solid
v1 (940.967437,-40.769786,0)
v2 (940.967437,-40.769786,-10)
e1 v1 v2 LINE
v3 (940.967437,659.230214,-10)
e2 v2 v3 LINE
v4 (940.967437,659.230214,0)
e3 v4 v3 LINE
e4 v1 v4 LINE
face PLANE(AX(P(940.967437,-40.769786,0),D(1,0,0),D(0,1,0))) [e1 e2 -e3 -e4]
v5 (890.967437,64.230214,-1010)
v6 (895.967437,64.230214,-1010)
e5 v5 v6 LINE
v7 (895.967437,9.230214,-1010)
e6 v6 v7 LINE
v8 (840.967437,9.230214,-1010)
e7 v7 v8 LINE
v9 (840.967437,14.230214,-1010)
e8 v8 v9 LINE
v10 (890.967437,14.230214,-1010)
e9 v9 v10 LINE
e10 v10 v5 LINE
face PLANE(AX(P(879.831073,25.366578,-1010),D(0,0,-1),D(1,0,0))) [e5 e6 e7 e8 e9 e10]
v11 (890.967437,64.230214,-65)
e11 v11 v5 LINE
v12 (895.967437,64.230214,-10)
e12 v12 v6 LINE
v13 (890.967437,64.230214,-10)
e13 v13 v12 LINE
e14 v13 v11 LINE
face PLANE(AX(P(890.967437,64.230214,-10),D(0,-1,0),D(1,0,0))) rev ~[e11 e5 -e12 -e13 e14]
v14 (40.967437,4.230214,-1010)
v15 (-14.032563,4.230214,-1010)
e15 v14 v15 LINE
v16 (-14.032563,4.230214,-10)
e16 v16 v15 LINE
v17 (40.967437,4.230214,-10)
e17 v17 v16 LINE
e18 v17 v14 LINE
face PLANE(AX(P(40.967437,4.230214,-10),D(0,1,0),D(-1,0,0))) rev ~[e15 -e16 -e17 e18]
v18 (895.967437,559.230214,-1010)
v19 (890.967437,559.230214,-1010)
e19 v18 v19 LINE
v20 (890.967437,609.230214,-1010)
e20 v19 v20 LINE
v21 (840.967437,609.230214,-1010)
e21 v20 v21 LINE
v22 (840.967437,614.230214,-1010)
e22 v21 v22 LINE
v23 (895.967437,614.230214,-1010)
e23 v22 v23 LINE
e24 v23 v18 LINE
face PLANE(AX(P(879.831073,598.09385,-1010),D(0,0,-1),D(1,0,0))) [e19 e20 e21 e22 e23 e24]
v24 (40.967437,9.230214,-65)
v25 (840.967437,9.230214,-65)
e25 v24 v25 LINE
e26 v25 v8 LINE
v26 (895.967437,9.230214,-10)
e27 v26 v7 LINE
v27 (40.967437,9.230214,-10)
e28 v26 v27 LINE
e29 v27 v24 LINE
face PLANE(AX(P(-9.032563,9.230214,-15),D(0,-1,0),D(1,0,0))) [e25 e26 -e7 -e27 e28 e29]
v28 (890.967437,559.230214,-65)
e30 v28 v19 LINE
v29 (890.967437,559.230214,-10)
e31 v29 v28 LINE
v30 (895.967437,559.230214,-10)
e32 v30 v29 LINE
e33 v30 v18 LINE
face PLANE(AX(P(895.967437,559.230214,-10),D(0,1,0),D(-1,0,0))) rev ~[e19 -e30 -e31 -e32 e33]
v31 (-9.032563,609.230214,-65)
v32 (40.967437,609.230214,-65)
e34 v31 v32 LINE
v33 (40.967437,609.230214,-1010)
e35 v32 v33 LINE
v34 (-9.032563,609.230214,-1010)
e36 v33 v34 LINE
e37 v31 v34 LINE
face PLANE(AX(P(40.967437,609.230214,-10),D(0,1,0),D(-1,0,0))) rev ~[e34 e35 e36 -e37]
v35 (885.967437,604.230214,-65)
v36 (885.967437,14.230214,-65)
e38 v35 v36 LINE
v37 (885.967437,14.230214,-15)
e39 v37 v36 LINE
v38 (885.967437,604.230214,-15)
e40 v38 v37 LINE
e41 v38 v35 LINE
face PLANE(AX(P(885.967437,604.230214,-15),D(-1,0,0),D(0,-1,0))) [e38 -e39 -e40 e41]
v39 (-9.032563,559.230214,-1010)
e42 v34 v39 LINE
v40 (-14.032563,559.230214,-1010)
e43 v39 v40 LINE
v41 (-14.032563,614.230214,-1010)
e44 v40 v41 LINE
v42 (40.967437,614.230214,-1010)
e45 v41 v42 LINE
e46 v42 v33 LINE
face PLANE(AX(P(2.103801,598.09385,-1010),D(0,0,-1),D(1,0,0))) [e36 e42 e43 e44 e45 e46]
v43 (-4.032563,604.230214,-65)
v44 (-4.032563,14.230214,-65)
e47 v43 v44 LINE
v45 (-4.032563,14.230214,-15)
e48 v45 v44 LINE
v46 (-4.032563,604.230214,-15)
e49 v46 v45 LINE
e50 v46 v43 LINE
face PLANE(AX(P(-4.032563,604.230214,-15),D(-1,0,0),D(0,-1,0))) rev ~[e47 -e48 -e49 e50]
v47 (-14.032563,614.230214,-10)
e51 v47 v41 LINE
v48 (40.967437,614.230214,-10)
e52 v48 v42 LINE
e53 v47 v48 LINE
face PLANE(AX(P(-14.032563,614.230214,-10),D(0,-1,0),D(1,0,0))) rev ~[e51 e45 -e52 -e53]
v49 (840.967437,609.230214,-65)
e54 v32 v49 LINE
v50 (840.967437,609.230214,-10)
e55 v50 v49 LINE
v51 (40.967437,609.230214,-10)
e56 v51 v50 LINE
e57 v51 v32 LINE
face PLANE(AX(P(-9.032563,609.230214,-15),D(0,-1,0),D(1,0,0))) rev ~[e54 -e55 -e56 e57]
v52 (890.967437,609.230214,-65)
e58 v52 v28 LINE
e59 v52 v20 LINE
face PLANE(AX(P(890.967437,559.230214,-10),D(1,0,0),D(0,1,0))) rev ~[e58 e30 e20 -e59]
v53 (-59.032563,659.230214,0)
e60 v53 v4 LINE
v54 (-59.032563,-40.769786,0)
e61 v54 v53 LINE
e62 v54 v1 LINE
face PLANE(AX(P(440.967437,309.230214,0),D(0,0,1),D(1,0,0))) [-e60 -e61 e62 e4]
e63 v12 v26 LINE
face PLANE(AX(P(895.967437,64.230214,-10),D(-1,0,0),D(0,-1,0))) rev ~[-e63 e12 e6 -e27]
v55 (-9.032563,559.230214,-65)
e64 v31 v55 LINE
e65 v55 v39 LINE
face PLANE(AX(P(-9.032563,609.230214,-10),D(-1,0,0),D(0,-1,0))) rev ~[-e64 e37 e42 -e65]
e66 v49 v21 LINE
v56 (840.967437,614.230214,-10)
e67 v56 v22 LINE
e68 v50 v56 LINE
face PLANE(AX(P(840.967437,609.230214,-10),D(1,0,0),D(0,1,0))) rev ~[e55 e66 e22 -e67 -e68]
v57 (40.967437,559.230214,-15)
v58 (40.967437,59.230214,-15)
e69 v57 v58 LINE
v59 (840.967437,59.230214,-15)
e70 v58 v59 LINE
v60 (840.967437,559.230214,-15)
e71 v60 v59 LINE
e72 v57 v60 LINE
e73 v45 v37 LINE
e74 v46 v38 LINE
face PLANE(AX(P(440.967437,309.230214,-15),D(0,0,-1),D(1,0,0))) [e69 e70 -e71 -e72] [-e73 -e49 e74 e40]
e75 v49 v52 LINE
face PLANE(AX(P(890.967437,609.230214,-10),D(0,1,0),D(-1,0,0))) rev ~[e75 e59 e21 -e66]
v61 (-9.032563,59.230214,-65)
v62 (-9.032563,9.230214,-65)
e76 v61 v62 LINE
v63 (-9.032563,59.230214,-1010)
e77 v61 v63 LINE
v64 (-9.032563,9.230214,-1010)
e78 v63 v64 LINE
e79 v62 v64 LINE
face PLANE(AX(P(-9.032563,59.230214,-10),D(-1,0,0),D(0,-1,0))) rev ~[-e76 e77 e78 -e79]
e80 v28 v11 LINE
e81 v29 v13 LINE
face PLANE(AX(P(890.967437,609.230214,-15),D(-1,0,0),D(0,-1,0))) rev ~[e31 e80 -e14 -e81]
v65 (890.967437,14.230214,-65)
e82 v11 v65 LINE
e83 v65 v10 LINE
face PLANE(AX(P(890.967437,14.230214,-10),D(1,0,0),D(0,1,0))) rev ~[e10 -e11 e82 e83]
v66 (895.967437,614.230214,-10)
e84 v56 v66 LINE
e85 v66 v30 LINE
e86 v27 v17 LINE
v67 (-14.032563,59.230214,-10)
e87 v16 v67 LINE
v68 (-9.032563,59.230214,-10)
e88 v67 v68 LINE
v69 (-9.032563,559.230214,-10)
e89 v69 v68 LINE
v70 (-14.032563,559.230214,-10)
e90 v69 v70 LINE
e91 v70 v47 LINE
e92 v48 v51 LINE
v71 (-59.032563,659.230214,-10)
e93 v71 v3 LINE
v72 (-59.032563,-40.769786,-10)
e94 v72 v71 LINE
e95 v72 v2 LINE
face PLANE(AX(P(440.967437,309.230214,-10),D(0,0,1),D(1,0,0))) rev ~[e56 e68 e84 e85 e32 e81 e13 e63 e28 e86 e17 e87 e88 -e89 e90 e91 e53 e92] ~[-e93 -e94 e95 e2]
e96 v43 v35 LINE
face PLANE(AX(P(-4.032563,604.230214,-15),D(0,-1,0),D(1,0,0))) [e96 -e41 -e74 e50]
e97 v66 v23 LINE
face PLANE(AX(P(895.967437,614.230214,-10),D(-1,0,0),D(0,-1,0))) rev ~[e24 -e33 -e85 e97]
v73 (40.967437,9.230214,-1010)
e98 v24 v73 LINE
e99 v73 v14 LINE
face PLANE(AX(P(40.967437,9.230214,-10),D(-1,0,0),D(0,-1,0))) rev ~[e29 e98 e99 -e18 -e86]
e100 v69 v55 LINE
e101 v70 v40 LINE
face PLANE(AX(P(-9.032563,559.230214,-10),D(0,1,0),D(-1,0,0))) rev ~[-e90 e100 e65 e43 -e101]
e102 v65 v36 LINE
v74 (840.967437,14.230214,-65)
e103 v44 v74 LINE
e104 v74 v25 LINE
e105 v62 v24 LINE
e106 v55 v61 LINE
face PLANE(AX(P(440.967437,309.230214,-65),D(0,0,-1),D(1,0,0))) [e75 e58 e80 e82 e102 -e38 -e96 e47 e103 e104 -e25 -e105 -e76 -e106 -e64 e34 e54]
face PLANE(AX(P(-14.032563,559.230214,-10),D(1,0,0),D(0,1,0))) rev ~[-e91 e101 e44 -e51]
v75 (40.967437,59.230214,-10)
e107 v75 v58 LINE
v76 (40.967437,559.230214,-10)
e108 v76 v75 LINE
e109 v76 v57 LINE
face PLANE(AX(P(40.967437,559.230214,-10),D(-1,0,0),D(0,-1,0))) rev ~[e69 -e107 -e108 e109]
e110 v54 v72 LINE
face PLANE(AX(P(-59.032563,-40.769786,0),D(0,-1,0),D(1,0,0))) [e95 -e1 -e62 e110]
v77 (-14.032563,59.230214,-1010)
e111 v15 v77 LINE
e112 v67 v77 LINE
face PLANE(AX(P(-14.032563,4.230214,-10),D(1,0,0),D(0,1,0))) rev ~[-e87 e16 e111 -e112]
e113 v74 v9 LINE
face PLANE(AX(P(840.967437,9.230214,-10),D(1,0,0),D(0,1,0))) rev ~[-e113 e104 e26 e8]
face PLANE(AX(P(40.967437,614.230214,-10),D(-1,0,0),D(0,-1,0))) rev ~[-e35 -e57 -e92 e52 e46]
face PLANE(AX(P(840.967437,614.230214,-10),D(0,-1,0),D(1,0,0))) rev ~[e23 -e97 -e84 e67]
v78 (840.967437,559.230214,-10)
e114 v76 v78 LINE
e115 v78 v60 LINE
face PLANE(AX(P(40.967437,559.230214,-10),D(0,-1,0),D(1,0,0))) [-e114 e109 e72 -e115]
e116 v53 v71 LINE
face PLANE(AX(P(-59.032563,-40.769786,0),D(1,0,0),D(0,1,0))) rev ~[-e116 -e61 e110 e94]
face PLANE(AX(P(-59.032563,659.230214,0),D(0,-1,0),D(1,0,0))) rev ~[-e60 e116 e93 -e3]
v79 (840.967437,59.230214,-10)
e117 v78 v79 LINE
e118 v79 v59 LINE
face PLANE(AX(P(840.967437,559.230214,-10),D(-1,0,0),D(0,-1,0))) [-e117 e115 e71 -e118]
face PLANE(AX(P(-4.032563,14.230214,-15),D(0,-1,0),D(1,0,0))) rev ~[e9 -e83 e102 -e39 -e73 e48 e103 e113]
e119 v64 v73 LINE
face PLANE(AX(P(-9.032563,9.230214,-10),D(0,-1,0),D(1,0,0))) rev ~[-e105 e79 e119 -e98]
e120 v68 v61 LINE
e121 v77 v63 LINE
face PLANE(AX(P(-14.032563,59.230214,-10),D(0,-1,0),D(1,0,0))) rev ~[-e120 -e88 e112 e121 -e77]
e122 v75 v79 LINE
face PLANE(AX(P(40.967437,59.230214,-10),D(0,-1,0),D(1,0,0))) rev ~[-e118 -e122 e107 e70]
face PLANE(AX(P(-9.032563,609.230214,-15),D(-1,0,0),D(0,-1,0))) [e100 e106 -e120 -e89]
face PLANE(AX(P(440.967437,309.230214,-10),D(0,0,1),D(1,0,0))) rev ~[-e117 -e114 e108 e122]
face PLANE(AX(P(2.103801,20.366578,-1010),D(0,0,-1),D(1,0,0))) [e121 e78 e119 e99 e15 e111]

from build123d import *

# Parameters (mm, degrees)
F0_W     = 1000
F0_H     = 700
F1_DEPTH = 10
F2_W     = 900
F2_H     = 600
F2_W_2   = 800
F2_H_2   = 500
F3_DEPTH = 5
F4_W     = 900
F4_H     = 600
F4_W_2   = 890
F4_H_2   = 590
F5_DEPTH = 50
F7_DEPTH = 1000


with BuildPart() as f1:
    # F0 (on Top) → F1 (new body)
    with BuildSketch(Plane.XY):
        with Locations((440.967437, 309.230214)):
            Rectangle(F0_W, F0_H)
    extrude(amount=-F1_DEPTH)

    # F2 (on face) → F3 (join)
    with BuildSketch(Plane(origin=(0, 0, -10), x_dir=(1, 0, 0), z_dir=(0, 0, -1))):
        with Locations((440.967437, -309.230214)):
            Rectangle(F2_W, F2_H)
        with Locations((440.967437, -309.230214)):
            Rectangle(F2_W_2, F2_H_2, mode=Mode.SUBTRACT)
    extrude(amount=F3_DEPTH)

    # F4 (on face) → F5 (join)
    with BuildSketch(Plane(origin=(0, 0, -15), x_dir=(1, 0, 0), z_dir=(0, 0, -1))):
        with Locations((440.967437, -309.230214)):
            Rectangle(F4_W, F4_H)
        with Locations((440.967437, -309.230214)):
            Rectangle(F4_W_2, F4_H_2, mode=Mode.SUBTRACT)
    extrude(amount=F5_DEPTH)

    # F6 (on face) → F7 (join)
    with BuildSketch(Plane(origin=(0, 0, -10), x_dir=(1, 0, 0), z_dir=(0, 0, -1))):
        Polygon((-9.032563, -59.230214), (-9.032563, -9.230214), (40.967437, -9.230214), (40.967437, -4.230214), (-14.032563, -4.230214), (-14.032563, -59.230214), align=None)
        Polygon((40.967437, -609.230214), (-9.032563, -609.230214), (-9.032563, -559.230214), (-14.032563, -559.230214), (-14.032563, -614.230214), (40.967437, -614.230214), align=None)
        Polygon((840.967437, -14.230214), (890.967437, -14.230214), (890.967437, -64.230214), (895.967437, -64.230214), (895.967437, -9.230214), (840.967437, -9.230214), align=None)
        Polygon((890.967437, -559.230214), (890.967437, -609.230214), (840.967437, -609.230214), (840.967437, -614.230214), (895.967437, -614.230214), (895.967437, -559.230214), align=None)
    extrude(amount=F7_DEPTH)


solid = f1.part
